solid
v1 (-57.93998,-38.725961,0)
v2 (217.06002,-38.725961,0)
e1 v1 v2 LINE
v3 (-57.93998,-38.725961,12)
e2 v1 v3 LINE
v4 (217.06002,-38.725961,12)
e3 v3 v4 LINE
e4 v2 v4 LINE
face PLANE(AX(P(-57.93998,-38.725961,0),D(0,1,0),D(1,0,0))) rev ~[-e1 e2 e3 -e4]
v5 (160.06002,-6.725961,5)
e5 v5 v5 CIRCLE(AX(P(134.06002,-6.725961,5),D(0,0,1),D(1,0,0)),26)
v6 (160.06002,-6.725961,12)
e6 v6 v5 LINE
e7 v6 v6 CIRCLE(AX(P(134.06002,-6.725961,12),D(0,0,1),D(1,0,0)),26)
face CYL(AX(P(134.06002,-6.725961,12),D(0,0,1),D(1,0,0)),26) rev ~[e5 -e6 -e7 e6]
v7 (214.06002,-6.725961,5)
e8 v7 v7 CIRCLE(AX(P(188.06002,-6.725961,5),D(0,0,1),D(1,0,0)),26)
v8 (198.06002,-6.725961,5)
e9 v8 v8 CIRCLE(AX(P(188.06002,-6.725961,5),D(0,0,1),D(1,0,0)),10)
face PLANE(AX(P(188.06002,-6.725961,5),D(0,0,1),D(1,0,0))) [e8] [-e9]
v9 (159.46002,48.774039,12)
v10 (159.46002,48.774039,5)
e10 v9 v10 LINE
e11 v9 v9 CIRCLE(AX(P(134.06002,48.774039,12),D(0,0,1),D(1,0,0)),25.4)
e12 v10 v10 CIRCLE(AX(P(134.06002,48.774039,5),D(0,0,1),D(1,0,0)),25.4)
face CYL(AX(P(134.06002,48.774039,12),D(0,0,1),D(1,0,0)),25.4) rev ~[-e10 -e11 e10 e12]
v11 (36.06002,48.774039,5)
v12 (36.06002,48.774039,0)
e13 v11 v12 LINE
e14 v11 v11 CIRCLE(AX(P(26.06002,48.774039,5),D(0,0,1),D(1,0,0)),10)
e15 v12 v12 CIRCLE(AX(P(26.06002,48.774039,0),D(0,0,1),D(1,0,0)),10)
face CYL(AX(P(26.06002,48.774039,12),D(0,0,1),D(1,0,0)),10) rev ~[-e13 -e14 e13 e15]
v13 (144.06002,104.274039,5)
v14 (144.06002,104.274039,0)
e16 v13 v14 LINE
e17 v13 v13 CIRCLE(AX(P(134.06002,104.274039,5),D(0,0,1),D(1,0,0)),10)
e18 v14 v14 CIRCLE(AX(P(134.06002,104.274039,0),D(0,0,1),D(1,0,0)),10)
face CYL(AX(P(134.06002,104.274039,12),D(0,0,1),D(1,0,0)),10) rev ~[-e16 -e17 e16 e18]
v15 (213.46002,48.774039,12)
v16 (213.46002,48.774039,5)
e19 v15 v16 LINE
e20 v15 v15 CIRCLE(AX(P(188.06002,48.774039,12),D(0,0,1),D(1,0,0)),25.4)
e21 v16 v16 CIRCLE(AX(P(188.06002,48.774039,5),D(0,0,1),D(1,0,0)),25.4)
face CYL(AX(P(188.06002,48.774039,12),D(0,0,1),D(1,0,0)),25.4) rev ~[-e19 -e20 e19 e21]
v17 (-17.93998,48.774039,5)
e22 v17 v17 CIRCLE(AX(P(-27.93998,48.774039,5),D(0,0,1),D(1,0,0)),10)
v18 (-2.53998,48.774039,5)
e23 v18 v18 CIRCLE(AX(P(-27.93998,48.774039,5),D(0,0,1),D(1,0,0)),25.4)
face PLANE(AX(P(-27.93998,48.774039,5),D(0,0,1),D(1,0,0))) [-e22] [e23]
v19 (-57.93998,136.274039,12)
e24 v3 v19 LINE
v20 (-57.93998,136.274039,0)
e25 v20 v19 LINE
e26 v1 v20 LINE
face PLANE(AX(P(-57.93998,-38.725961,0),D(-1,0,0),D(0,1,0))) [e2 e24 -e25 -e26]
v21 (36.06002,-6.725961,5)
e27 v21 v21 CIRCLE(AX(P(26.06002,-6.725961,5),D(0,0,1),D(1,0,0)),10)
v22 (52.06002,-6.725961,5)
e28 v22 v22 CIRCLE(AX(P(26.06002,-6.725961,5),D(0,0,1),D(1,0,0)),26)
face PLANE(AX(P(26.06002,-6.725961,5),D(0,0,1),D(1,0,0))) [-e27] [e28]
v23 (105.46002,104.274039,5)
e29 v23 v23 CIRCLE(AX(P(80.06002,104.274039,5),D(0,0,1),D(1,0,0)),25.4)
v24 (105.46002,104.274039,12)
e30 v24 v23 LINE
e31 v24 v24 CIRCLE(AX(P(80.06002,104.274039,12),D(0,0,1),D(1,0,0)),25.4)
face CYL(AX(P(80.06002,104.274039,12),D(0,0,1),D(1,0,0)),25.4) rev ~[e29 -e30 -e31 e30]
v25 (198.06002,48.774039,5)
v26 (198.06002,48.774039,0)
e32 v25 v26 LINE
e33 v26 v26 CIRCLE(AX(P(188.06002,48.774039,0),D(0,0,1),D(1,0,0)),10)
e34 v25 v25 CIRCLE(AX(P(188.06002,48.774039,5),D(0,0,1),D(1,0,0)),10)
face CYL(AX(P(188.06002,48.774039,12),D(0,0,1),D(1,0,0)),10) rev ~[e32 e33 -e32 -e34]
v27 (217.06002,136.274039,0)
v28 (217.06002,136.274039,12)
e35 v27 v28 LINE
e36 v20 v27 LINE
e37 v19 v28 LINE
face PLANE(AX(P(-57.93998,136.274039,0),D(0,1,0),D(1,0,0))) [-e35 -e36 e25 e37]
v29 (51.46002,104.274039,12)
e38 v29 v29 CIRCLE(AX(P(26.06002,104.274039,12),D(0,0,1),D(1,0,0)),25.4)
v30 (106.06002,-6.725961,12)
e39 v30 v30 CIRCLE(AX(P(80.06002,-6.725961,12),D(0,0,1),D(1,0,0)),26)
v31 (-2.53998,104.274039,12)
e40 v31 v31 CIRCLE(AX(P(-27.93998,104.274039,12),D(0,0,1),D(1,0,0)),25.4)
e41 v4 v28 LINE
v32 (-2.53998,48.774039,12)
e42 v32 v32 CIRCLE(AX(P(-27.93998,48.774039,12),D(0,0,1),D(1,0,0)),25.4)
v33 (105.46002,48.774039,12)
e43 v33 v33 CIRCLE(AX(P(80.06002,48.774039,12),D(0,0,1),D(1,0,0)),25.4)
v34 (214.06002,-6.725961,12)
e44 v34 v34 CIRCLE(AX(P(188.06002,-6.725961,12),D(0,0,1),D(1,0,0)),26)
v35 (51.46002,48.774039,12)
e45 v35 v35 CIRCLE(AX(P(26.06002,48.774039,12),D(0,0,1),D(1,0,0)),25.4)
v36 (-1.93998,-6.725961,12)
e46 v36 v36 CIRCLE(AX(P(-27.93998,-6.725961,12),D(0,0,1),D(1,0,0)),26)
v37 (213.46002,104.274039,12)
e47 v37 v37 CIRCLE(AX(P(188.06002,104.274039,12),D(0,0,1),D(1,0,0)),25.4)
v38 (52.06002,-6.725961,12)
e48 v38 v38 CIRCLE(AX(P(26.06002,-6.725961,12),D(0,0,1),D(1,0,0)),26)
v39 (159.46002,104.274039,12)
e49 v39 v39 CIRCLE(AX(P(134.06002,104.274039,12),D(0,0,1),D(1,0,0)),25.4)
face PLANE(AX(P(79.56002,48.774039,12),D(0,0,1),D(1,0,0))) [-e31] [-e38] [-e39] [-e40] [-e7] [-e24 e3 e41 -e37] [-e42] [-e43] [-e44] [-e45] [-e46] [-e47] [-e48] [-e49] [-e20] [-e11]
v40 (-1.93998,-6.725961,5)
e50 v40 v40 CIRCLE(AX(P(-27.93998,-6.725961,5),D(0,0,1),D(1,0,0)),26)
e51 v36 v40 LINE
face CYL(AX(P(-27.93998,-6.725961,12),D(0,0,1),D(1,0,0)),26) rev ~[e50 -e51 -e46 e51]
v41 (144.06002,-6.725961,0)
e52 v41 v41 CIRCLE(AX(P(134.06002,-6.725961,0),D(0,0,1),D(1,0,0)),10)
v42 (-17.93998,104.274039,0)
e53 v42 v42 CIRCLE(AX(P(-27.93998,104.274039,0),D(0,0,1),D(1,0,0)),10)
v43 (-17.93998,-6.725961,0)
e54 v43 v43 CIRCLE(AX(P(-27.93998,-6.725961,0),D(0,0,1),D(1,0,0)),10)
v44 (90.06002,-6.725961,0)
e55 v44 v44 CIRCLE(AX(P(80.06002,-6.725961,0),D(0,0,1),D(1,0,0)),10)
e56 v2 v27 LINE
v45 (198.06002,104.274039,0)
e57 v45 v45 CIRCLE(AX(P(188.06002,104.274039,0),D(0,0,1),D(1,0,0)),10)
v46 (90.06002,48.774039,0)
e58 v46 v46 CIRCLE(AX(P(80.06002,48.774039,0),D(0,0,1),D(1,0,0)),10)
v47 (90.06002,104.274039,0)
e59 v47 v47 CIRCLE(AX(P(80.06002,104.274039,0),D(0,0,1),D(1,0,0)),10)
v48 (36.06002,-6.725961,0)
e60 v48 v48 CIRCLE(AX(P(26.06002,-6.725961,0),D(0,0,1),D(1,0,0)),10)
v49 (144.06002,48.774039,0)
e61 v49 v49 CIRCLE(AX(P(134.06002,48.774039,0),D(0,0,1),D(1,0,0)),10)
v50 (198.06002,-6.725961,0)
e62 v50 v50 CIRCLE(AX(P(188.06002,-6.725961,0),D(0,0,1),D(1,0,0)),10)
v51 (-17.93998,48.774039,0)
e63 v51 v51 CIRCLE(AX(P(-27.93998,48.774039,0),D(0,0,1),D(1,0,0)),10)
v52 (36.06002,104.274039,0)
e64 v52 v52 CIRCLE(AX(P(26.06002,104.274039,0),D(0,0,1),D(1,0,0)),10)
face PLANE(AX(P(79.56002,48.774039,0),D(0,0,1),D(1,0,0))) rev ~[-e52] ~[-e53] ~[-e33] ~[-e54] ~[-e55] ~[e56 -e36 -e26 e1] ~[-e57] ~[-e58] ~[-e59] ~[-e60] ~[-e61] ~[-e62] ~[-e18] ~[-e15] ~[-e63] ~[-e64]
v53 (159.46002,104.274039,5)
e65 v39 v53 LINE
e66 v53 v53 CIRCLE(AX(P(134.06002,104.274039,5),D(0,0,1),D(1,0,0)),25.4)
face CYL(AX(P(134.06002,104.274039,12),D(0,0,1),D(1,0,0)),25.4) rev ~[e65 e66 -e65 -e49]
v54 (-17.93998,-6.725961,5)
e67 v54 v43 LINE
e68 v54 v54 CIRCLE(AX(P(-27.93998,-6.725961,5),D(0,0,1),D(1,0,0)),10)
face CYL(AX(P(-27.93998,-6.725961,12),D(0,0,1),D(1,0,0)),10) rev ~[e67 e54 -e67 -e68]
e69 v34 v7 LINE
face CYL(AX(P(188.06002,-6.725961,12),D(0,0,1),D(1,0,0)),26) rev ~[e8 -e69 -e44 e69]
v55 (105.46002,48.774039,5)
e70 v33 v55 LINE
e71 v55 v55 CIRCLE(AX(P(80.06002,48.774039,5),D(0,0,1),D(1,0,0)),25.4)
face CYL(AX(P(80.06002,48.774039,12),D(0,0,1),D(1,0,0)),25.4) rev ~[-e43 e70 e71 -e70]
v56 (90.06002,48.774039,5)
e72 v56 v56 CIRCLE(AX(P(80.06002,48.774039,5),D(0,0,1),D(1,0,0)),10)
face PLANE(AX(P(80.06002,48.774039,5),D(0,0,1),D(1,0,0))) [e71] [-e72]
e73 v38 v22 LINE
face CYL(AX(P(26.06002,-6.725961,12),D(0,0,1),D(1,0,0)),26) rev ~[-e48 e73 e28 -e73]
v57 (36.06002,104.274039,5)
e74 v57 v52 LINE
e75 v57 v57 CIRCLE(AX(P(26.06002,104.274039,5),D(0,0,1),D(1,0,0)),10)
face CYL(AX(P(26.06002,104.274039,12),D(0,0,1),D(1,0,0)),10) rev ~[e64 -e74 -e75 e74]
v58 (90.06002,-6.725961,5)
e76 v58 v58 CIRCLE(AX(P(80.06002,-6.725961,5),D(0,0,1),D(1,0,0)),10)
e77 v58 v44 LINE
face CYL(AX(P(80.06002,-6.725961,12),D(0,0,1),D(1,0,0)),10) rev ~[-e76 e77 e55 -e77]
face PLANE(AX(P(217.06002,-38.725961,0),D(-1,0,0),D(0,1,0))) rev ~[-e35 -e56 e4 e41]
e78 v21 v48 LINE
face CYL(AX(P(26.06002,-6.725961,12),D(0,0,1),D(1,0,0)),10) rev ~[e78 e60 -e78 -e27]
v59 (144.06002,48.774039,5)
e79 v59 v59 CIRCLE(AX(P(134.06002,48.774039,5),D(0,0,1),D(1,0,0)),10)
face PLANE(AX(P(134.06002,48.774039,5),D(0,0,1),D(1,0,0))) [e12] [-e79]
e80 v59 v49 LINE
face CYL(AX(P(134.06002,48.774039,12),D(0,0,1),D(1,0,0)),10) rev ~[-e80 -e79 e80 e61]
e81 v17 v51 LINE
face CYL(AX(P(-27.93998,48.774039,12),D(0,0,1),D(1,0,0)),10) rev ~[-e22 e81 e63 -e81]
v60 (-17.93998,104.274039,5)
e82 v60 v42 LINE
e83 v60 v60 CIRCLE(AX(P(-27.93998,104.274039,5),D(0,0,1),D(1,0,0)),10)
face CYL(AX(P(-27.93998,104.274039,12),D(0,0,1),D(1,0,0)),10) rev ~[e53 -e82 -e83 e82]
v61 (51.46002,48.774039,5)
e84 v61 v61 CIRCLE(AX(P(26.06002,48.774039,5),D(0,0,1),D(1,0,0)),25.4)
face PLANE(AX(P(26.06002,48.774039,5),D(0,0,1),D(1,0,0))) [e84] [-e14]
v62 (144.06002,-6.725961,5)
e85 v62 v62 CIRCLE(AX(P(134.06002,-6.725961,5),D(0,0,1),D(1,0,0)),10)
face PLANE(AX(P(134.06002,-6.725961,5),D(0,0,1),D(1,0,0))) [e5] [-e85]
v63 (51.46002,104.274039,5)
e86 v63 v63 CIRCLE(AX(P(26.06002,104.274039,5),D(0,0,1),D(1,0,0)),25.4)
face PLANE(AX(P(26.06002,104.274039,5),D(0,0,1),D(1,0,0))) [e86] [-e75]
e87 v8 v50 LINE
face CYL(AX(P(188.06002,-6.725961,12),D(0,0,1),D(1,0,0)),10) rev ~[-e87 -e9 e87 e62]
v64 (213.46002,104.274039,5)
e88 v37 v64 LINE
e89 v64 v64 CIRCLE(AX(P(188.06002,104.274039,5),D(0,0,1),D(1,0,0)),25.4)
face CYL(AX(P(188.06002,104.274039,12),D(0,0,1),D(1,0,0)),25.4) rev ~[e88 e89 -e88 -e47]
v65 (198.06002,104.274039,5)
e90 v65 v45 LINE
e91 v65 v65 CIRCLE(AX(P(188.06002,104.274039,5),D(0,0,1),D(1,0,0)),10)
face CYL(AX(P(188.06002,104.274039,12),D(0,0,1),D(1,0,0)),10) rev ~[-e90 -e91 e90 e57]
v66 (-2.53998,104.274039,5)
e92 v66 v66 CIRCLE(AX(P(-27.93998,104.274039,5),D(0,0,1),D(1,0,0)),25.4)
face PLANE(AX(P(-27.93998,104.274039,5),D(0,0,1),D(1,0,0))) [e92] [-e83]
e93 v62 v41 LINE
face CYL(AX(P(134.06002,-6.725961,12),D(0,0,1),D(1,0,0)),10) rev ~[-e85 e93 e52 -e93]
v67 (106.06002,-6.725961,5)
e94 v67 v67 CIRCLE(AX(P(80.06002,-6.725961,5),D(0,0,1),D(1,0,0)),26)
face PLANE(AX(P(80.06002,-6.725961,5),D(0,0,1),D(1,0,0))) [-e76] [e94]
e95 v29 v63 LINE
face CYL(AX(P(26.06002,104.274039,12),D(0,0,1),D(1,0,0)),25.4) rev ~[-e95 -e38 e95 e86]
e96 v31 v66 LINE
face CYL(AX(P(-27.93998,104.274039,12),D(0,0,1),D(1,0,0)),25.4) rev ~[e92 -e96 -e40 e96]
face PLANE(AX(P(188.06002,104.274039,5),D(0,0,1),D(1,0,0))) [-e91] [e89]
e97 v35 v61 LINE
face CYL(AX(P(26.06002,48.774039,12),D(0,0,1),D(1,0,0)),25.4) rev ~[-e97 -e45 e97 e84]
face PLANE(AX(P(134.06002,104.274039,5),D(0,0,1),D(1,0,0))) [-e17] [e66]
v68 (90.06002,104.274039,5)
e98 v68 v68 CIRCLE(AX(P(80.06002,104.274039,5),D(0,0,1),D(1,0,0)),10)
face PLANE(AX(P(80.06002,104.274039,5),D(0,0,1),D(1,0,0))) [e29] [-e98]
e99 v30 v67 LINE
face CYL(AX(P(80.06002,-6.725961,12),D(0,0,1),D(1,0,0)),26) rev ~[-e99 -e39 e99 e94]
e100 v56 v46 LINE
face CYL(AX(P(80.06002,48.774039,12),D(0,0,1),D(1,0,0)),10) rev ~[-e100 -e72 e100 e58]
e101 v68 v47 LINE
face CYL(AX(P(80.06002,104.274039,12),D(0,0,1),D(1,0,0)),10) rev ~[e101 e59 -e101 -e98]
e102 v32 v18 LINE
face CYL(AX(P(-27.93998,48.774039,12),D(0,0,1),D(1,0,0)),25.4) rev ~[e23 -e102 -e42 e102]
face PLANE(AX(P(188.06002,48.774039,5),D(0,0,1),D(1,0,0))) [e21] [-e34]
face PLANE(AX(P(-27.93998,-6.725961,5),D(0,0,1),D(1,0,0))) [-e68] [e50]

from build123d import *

# Parameters (mm, degrees)
F0_W     = 275
F0_H     = 175
F1_DEPTH = 12
F2_R     = 25.4
F2_R_2   = 10
F2_R_3   = 26
F3_DEPTH = 7
F4_DEPTH = 25


with BuildPart() as f1:
    # F0 (on Top) → F1 (new body)
    with BuildSketch(Plane.XY):
        with Locations((79.5600198209, 48.7740390003)):
            Rectangle(F0_W, F0_H)
    extrude(amount=F1_DEPTH)

    # F2 (on face) → F3 (cut)
    with BuildSketch(Plane.XY.offset(12)):
        with Locations((-27.9399801791, 104.2740390003)):
            Circle(F2_R)
        with Locations((-27.9399801791, 104.2740390003)):
            Circle(F2_R_2, mode=Mode.SUBTRACT)
        with Locations((-27.9399801791, 48.7740390003)):
            Circle(F2_R)
        with Locations((-27.9399801791, 48.7740390003)):
            Circle(F2_R_2, mode=Mode.SUBTRACT)
        with Locations((-27.9399801791, -6.7259609997)):
            Circle(F2_R_3)
        with Locations((-27.9399801791, -6.7259609997)):
            Circle(F2_R_2, mode=Mode.SUBTRACT)
        with Locations((26.0600198209, -6.7259609997)):
            Circle(F2_R_3)
        with Locations((26.0600198209, -6.7259609997)):
            Circle(F2_R_2, mode=Mode.SUBTRACT)
        with Locations((26.0600198209, 48.7740390003)):
            Circle(F2_R)
        with Locations((26.0600198209, 48.7740390003)):
            Circle(F2_R_2, mode=Mode.SUBTRACT)
        with Locations((26.0600198209, 104.2740390003)):
            Circle(F2_R)
        with Locations((26.0600198209, 104.2740390003)):
            Circle(F2_R_2, mode=Mode.SUBTRACT)
        with Locations((80.0600198209, 104.2740390003)):
            Circle(F2_R)
        with Locations((80.0600198209, 104.2740390003)):
            Circle(F2_R_2, mode=Mode.SUBTRACT)
        with Locations((80.0600198209, 48.7740390003)):
            Circle(F2_R)
        with Locations((80.0600198209, 48.7740390003)):
            Circle(F2_R_2, mode=Mode.SUBTRACT)
        with Locations((80.0600198209, -6.7259609997)):
            Circle(F2_R_3)
        with Locations((80.0600198209, -6.7259609997)):
            Circle(F2_R_2, mode=Mode.SUBTRACT)
        with Locations((134.0600198209, -6.7259608768)):
            Circle(F2_R_3)
        with Locations((134.0600198209, -6.7259608768)):
            Circle(F2_R_2, mode=Mode.SUBTRACT)
        with Locations((134.0600198209, 48.7740391232)):
            Circle(F2_R)
        with Locations((134.0600198209, 48.7740391232)):
            Circle(F2_R_2, mode=Mode.SUBTRACT)
        with Locations((134.0600198209, 104.2740391232)):
            Circle(F2_R)
        with Locations((134.0600198209, 104.2740391232)):
            Circle(F2_R_2, mode=Mode.SUBTRACT)
        with Locations((188.0600198209, 104.2740390003)):
            Circle(F2_R)
        with Locations((188.0600198209, 104.2740390003)):
            Circle(F2_R_2, mode=Mode.SUBTRACT)
        with Locations((188.0600198209, 48.7740390003)):
            Circle(F2_R)
        with Locations((188.0600198209, 48.7740390003)):
            Circle(F2_R_2, mode=Mode.SUBTRACT)
        with Locations((188.0600198209, -6.7259609997)):
            Circle(F2_R_3)
        with Locations((188.0600198209, -6.7259609997)):
            Circle(F2_R_2, mode=Mode.SUBTRACT)
    extrude(amount=-F3_DEPTH, mode=Mode.SUBTRACT)

    # F4 (cut): faces of the model
    f4_faces = [f1.faces().sort_by_distance(p)[0] for p in [
        (-27.9399801791, 104.2740390003, 12),
        (26.0600198209, 104.2740390003, 12),
        (80.0600198209, 104.2740390003, 12),
        (134.0600198209, 104.2740391232, 12),
        (188.0600198209, 104.2740390003, 12),
        (188.0600198209, 48.7740390003, 12),
        (134.0600198209, 48.7740391232, 12),
        (80.0600198209, 48.7740390003, 12),
        (26.0600198209, 48.7740390003, 12),
        (-27.9399801791, 48.7740390003, 12),
        (-27.9399801791, -6.7259609997, 12),
        (26.0600198209, -6.7259609997, 12),
        (80.0600198209, -6.7259609997, 12),
        (134.0600198209, -6.7259608768, 12),
        (188.0600198209, -6.7259609997, 12),
    ]]
    extrude(f4_faces, amount=-F4_DEPTH, mode=Mode.SUBTRACT)


solid = f1.part
